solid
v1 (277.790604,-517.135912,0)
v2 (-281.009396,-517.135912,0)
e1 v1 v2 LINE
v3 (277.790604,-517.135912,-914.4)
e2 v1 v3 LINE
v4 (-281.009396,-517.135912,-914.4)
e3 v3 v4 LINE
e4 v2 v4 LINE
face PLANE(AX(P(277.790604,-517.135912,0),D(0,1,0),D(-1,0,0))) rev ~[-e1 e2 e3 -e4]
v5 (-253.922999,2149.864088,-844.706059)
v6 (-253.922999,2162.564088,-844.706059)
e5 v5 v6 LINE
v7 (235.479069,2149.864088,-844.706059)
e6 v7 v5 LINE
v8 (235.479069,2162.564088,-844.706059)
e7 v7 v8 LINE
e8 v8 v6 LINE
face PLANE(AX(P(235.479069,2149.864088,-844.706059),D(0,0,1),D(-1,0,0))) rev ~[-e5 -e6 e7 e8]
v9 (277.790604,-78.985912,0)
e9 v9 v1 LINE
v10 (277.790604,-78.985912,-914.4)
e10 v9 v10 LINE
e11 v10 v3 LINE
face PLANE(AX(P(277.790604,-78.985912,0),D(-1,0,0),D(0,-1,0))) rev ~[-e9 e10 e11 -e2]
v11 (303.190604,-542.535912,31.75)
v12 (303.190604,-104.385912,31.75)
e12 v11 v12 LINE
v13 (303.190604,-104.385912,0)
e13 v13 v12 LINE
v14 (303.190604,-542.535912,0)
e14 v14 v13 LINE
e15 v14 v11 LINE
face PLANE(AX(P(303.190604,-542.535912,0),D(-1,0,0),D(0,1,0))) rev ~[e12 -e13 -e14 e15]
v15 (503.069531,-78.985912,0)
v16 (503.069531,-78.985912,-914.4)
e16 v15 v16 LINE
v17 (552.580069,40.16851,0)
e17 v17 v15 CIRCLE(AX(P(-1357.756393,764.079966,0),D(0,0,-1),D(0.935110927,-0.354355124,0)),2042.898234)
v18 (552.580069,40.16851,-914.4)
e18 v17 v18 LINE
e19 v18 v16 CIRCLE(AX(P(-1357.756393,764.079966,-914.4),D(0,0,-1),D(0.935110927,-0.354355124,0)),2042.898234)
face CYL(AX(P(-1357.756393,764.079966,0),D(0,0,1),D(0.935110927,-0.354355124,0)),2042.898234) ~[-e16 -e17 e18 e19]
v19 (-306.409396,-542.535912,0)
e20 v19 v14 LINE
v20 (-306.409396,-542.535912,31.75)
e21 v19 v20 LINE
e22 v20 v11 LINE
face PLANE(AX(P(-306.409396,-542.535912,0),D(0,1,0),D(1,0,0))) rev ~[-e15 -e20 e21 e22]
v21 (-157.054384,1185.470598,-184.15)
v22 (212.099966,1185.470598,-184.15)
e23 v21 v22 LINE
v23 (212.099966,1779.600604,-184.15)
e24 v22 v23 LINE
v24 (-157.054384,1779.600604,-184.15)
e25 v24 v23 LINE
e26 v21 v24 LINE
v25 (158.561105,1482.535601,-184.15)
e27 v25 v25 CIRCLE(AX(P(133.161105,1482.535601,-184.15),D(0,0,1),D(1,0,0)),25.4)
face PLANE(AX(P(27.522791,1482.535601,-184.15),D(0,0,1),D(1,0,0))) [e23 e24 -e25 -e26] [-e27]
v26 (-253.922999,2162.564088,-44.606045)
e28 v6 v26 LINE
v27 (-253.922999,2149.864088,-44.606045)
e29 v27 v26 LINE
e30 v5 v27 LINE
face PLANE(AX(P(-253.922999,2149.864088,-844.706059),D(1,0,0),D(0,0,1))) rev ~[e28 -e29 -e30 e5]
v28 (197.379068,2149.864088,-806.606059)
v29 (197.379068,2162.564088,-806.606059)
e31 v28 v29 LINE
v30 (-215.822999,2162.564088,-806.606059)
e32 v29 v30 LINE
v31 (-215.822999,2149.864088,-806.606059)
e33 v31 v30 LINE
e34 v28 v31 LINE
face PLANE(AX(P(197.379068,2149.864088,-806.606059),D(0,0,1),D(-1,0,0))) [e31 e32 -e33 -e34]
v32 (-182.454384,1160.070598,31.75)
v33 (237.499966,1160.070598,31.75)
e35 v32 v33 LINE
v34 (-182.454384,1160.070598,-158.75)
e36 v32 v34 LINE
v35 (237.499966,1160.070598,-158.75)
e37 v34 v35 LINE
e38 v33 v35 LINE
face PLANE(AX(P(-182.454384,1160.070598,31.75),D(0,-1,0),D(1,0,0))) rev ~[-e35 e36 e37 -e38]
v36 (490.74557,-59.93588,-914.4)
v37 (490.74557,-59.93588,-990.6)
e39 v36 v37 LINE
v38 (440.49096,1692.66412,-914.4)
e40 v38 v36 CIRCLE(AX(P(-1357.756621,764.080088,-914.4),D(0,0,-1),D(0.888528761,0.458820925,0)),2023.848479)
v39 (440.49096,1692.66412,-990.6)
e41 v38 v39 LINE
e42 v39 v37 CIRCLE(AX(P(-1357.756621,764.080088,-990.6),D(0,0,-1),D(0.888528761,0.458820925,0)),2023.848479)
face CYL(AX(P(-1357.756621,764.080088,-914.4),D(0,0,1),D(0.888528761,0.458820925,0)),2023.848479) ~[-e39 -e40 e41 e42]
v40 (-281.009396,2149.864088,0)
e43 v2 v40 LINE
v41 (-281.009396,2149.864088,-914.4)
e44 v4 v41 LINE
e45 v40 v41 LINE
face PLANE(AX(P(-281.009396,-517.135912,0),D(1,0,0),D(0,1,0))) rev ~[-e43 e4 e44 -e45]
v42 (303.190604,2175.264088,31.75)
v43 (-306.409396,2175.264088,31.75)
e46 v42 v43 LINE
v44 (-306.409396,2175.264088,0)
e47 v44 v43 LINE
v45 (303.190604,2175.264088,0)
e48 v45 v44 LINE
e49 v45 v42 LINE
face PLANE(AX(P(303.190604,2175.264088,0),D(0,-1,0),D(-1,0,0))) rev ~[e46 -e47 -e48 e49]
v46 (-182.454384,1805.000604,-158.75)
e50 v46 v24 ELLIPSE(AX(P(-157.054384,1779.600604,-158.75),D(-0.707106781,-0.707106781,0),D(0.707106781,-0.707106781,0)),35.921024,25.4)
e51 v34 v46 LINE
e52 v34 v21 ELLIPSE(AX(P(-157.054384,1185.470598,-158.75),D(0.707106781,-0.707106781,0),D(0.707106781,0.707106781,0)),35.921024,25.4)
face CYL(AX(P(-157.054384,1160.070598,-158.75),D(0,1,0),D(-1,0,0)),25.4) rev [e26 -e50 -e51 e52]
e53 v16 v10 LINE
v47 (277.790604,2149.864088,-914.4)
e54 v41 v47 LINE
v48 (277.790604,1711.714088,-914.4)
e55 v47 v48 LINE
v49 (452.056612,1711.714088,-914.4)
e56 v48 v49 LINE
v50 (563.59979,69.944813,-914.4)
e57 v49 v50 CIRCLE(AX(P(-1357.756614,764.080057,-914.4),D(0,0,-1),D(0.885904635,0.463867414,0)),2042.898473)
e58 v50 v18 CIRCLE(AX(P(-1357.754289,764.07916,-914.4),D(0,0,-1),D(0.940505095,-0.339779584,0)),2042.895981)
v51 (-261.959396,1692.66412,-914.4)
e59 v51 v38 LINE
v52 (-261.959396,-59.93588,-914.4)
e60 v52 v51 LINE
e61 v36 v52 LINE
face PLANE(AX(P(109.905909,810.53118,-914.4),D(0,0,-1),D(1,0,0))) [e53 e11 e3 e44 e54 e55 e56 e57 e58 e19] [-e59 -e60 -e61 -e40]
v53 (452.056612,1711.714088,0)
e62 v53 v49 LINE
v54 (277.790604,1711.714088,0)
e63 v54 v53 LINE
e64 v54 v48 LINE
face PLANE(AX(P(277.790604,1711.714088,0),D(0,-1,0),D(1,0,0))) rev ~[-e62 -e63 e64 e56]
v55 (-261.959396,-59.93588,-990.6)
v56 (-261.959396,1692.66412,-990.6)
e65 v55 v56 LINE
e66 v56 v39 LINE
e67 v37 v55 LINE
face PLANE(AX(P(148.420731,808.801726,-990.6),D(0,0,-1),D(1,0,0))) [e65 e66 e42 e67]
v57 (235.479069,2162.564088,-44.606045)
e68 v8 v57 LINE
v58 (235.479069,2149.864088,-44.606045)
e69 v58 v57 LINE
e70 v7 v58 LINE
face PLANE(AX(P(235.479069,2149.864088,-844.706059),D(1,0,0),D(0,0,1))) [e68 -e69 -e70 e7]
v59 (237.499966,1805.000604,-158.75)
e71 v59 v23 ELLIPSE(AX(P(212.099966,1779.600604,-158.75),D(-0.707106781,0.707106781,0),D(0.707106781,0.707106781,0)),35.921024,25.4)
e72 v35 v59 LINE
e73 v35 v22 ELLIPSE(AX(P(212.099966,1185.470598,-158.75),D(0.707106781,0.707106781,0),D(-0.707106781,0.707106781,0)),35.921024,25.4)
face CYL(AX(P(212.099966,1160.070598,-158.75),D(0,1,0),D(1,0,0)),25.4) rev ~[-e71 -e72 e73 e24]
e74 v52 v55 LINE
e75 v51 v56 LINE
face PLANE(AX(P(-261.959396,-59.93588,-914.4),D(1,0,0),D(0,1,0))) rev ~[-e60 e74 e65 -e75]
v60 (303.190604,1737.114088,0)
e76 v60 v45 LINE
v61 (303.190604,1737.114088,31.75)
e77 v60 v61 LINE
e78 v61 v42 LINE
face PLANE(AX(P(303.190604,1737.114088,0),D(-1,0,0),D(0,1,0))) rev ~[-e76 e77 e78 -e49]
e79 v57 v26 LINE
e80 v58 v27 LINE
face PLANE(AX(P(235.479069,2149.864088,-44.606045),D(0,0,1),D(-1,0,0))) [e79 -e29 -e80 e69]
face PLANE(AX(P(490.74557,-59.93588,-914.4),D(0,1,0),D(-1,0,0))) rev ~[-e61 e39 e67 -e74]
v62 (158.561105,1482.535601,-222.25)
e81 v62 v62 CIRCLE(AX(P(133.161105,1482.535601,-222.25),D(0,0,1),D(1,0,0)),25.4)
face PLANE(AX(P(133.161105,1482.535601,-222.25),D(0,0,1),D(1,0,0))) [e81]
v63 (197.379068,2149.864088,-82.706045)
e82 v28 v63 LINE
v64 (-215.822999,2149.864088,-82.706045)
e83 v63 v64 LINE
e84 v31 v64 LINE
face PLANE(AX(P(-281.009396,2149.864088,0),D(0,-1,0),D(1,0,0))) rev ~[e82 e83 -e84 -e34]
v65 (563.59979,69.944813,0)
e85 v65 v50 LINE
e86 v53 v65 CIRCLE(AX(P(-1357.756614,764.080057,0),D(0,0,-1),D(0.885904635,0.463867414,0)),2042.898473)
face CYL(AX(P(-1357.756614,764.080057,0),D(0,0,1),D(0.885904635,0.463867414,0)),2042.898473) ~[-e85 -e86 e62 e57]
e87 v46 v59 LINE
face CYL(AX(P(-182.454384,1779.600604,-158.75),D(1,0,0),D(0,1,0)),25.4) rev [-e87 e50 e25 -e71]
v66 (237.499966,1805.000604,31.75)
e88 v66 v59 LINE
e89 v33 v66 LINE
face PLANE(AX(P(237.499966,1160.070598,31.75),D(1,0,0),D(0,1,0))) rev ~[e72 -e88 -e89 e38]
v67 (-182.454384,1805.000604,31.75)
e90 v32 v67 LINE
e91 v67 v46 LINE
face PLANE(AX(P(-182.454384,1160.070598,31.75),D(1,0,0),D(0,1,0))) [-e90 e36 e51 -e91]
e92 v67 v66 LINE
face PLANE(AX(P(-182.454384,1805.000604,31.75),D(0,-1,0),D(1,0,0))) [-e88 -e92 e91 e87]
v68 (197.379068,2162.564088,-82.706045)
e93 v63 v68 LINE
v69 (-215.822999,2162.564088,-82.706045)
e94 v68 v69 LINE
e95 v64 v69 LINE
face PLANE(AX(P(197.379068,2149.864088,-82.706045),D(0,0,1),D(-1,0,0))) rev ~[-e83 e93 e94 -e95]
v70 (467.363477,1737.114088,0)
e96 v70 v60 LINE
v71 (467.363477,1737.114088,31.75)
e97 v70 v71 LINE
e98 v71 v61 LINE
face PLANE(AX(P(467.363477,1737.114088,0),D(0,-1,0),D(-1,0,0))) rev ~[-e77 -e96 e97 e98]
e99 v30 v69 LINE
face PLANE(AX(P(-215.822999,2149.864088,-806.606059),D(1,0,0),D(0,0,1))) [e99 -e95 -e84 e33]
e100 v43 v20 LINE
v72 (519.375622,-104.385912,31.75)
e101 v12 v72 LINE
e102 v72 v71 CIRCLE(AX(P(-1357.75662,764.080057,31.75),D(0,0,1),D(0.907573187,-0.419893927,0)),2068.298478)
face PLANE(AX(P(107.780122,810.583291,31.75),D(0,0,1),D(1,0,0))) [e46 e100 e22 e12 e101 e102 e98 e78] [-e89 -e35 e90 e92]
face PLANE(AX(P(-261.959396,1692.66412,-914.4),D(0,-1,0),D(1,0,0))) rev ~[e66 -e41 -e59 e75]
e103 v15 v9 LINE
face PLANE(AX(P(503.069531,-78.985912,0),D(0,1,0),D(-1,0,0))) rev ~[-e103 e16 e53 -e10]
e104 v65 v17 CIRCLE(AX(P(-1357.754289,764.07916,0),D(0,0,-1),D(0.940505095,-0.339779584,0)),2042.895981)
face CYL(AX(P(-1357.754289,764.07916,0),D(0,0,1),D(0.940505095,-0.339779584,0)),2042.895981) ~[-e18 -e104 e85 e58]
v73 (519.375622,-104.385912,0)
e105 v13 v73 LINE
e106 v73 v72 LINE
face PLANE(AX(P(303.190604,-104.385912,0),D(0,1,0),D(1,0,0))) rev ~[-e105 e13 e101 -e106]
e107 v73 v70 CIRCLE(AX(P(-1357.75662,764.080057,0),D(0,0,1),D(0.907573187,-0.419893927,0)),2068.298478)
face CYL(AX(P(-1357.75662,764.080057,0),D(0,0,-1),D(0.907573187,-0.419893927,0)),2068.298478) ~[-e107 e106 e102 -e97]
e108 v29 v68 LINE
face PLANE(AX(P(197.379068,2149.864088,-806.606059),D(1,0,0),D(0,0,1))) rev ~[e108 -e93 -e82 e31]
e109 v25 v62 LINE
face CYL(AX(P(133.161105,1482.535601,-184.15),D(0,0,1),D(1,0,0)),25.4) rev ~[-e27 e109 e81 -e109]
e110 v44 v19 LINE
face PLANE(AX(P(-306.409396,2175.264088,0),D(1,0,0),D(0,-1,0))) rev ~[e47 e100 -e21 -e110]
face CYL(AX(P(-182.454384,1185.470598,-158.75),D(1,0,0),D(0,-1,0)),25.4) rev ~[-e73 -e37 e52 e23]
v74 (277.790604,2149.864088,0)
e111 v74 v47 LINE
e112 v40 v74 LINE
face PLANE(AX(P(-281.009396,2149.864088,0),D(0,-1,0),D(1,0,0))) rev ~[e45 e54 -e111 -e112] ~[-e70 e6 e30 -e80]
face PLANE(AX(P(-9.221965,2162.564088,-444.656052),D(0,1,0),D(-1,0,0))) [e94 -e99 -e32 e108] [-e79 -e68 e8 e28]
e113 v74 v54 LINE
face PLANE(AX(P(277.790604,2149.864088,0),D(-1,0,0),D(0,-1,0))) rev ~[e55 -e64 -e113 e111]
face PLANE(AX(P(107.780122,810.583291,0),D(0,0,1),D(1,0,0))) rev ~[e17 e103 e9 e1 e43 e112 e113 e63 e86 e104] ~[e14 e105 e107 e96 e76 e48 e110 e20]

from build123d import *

# Parameters (mm, degrees)
F1_DEPTH  = 31.75
F3_DEPTH  = 914.4
F5_DEPTH  = 76.2
F6_W      = 489.402067
F6_H      = 800.100014
F6_W_2    = 413.202067
F6_H_2    = 723.900014
F7_DEPTH  = 12.7
F8_W      = 419.95435
F8_H      = 644.930006
F9_DEPTH  = 215.9
F10_R     = 25.4
F11_R     = 25.4
F12_DEPTH = 38.1


with BuildPart() as f1:
    # F0 (on Top) → F1 (new body)
    with BuildSketch(Plane.XY):
        with BuildLine():
            Line((-306.409396, 2175.264088), (-306.409396, -542.535912))
            Line((-306.409396, -542.535912), (303.190604, -542.535912))
            Line((303.190604, -542.535912), (303.190604, -104.385912))
            Line((303.190604, -104.385912), (519.375622, -104.385912))
            ThreePointArc((519.375622, -104.385912), (709.71736, 822.474711), (467.363477, 1737.114088))
            Line((467.363477, 1737.114088), (303.190604, 1737.114088))
            Line((303.190604, 1737.114088), (303.190604, 2175.264088))
            Line((303.190604, 2175.264088), (-306.409396, 2175.264088))
        make_face()
    extrude(amount=F1_DEPTH)

    # F2 (on face) → F3 (join)
    with BuildSketch(Plane(origin=(0, 0, 0), x_dir=(1, 0, 0), z_dir=(0, 0, -1))):
        with BuildLine():
            Line((277.790604, 517.135912), (-281.009396, 517.135912))
            Line((-281.009396, 517.135912), (-281.009396, -2149.864088))
            Line((-281.009396, -2149.864088), (277.790604, -2149.864088))
            Line((277.790604, -2149.864088), (277.790604, -1711.714088))
            Line((277.790604, -1711.714088), (452.056612, -1711.714088))
            ThreePointArc((452.056612, -1711.714088), (680.443153, -902.557054), (563.59979, -69.944813))
            ThreePointArc((563.59979, -69.944813), (558.147777, -55.035253), (552.580069, -40.16851))
            ThreePointArc((552.580069, -40.16851), (528.765772, 19.79969), (503.069531, 78.985912))
            Line((503.069531, 78.985912), (277.790604, 78.985912))
            Line((277.790604, 78.985912), (277.790604, 517.135912))
        make_face()
    extrude(amount=F3_DEPTH)

    # F4 (on face) → F5 (join)
    with BuildSketch(Plane(origin=(0, 0, -914.4), x_dir=(1, 0, 0), z_dir=(0, 0, -1))):
        with BuildLine():
            Line((490.74557, 59.93588), (-261.959396, 59.93588))
            Line((-261.959396, 59.93588), (-261.959396, -1692.66412))
            Line((-261.959396, -1692.66412), (440.49096, -1692.66412))
            ThreePointArc((440.49096, -1692.66412), (665.26035, -822.088721), (490.74557, 59.93588))
        make_face()
    extrude(amount=F5_DEPTH)

    # F6 (on face) → F7 (join)
    with BuildSketch(Plane(origin=(0, 2149.864088, 0), x_dir=(-1, 0, 0), z_dir=(0, 1, 0))):
        with Locations((9.221965, -444.656052)):
            Rectangle(F6_W, F6_H)
        with Locations((9.221965, -444.656052)):
            Rectangle(F6_W_2, F6_H_2, mode=Mode.SUBTRACT)
    extrude(amount=F7_DEPTH)

    # F8 (on face) → F9 (cut)
    with BuildSketch(Plane.XY.offset(31.75)):
        with Locations((27.522791, 1482.535601)):
            Rectangle(F8_W, F8_H)
    extrude(amount=-F9_DEPTH, mode=Mode.SUBTRACT)

    # F10
    f10_edges = [f1.edges().sort_by_distance(p)[0] for p in [
        (27.522791, 1805.000604, -184.15),
        (-182.454384, 1482.535601, -184.15),
        (237.499966, 1482.535601, -184.15),
        (27.522791, 1160.070598, -184.15),
    ]]
    fillet(f10_edges, radius=F10_R)

    # F11 (on face) → F12 (cut)
    with BuildSketch(Plane.XY.offset(-184.15)):
        with Locations((133.161105, 1482.535601)):
            Circle(F11_R)
    extrude(amount=-F12_DEPTH, mode=Mode.SUBTRACT)


solid = f1.part
